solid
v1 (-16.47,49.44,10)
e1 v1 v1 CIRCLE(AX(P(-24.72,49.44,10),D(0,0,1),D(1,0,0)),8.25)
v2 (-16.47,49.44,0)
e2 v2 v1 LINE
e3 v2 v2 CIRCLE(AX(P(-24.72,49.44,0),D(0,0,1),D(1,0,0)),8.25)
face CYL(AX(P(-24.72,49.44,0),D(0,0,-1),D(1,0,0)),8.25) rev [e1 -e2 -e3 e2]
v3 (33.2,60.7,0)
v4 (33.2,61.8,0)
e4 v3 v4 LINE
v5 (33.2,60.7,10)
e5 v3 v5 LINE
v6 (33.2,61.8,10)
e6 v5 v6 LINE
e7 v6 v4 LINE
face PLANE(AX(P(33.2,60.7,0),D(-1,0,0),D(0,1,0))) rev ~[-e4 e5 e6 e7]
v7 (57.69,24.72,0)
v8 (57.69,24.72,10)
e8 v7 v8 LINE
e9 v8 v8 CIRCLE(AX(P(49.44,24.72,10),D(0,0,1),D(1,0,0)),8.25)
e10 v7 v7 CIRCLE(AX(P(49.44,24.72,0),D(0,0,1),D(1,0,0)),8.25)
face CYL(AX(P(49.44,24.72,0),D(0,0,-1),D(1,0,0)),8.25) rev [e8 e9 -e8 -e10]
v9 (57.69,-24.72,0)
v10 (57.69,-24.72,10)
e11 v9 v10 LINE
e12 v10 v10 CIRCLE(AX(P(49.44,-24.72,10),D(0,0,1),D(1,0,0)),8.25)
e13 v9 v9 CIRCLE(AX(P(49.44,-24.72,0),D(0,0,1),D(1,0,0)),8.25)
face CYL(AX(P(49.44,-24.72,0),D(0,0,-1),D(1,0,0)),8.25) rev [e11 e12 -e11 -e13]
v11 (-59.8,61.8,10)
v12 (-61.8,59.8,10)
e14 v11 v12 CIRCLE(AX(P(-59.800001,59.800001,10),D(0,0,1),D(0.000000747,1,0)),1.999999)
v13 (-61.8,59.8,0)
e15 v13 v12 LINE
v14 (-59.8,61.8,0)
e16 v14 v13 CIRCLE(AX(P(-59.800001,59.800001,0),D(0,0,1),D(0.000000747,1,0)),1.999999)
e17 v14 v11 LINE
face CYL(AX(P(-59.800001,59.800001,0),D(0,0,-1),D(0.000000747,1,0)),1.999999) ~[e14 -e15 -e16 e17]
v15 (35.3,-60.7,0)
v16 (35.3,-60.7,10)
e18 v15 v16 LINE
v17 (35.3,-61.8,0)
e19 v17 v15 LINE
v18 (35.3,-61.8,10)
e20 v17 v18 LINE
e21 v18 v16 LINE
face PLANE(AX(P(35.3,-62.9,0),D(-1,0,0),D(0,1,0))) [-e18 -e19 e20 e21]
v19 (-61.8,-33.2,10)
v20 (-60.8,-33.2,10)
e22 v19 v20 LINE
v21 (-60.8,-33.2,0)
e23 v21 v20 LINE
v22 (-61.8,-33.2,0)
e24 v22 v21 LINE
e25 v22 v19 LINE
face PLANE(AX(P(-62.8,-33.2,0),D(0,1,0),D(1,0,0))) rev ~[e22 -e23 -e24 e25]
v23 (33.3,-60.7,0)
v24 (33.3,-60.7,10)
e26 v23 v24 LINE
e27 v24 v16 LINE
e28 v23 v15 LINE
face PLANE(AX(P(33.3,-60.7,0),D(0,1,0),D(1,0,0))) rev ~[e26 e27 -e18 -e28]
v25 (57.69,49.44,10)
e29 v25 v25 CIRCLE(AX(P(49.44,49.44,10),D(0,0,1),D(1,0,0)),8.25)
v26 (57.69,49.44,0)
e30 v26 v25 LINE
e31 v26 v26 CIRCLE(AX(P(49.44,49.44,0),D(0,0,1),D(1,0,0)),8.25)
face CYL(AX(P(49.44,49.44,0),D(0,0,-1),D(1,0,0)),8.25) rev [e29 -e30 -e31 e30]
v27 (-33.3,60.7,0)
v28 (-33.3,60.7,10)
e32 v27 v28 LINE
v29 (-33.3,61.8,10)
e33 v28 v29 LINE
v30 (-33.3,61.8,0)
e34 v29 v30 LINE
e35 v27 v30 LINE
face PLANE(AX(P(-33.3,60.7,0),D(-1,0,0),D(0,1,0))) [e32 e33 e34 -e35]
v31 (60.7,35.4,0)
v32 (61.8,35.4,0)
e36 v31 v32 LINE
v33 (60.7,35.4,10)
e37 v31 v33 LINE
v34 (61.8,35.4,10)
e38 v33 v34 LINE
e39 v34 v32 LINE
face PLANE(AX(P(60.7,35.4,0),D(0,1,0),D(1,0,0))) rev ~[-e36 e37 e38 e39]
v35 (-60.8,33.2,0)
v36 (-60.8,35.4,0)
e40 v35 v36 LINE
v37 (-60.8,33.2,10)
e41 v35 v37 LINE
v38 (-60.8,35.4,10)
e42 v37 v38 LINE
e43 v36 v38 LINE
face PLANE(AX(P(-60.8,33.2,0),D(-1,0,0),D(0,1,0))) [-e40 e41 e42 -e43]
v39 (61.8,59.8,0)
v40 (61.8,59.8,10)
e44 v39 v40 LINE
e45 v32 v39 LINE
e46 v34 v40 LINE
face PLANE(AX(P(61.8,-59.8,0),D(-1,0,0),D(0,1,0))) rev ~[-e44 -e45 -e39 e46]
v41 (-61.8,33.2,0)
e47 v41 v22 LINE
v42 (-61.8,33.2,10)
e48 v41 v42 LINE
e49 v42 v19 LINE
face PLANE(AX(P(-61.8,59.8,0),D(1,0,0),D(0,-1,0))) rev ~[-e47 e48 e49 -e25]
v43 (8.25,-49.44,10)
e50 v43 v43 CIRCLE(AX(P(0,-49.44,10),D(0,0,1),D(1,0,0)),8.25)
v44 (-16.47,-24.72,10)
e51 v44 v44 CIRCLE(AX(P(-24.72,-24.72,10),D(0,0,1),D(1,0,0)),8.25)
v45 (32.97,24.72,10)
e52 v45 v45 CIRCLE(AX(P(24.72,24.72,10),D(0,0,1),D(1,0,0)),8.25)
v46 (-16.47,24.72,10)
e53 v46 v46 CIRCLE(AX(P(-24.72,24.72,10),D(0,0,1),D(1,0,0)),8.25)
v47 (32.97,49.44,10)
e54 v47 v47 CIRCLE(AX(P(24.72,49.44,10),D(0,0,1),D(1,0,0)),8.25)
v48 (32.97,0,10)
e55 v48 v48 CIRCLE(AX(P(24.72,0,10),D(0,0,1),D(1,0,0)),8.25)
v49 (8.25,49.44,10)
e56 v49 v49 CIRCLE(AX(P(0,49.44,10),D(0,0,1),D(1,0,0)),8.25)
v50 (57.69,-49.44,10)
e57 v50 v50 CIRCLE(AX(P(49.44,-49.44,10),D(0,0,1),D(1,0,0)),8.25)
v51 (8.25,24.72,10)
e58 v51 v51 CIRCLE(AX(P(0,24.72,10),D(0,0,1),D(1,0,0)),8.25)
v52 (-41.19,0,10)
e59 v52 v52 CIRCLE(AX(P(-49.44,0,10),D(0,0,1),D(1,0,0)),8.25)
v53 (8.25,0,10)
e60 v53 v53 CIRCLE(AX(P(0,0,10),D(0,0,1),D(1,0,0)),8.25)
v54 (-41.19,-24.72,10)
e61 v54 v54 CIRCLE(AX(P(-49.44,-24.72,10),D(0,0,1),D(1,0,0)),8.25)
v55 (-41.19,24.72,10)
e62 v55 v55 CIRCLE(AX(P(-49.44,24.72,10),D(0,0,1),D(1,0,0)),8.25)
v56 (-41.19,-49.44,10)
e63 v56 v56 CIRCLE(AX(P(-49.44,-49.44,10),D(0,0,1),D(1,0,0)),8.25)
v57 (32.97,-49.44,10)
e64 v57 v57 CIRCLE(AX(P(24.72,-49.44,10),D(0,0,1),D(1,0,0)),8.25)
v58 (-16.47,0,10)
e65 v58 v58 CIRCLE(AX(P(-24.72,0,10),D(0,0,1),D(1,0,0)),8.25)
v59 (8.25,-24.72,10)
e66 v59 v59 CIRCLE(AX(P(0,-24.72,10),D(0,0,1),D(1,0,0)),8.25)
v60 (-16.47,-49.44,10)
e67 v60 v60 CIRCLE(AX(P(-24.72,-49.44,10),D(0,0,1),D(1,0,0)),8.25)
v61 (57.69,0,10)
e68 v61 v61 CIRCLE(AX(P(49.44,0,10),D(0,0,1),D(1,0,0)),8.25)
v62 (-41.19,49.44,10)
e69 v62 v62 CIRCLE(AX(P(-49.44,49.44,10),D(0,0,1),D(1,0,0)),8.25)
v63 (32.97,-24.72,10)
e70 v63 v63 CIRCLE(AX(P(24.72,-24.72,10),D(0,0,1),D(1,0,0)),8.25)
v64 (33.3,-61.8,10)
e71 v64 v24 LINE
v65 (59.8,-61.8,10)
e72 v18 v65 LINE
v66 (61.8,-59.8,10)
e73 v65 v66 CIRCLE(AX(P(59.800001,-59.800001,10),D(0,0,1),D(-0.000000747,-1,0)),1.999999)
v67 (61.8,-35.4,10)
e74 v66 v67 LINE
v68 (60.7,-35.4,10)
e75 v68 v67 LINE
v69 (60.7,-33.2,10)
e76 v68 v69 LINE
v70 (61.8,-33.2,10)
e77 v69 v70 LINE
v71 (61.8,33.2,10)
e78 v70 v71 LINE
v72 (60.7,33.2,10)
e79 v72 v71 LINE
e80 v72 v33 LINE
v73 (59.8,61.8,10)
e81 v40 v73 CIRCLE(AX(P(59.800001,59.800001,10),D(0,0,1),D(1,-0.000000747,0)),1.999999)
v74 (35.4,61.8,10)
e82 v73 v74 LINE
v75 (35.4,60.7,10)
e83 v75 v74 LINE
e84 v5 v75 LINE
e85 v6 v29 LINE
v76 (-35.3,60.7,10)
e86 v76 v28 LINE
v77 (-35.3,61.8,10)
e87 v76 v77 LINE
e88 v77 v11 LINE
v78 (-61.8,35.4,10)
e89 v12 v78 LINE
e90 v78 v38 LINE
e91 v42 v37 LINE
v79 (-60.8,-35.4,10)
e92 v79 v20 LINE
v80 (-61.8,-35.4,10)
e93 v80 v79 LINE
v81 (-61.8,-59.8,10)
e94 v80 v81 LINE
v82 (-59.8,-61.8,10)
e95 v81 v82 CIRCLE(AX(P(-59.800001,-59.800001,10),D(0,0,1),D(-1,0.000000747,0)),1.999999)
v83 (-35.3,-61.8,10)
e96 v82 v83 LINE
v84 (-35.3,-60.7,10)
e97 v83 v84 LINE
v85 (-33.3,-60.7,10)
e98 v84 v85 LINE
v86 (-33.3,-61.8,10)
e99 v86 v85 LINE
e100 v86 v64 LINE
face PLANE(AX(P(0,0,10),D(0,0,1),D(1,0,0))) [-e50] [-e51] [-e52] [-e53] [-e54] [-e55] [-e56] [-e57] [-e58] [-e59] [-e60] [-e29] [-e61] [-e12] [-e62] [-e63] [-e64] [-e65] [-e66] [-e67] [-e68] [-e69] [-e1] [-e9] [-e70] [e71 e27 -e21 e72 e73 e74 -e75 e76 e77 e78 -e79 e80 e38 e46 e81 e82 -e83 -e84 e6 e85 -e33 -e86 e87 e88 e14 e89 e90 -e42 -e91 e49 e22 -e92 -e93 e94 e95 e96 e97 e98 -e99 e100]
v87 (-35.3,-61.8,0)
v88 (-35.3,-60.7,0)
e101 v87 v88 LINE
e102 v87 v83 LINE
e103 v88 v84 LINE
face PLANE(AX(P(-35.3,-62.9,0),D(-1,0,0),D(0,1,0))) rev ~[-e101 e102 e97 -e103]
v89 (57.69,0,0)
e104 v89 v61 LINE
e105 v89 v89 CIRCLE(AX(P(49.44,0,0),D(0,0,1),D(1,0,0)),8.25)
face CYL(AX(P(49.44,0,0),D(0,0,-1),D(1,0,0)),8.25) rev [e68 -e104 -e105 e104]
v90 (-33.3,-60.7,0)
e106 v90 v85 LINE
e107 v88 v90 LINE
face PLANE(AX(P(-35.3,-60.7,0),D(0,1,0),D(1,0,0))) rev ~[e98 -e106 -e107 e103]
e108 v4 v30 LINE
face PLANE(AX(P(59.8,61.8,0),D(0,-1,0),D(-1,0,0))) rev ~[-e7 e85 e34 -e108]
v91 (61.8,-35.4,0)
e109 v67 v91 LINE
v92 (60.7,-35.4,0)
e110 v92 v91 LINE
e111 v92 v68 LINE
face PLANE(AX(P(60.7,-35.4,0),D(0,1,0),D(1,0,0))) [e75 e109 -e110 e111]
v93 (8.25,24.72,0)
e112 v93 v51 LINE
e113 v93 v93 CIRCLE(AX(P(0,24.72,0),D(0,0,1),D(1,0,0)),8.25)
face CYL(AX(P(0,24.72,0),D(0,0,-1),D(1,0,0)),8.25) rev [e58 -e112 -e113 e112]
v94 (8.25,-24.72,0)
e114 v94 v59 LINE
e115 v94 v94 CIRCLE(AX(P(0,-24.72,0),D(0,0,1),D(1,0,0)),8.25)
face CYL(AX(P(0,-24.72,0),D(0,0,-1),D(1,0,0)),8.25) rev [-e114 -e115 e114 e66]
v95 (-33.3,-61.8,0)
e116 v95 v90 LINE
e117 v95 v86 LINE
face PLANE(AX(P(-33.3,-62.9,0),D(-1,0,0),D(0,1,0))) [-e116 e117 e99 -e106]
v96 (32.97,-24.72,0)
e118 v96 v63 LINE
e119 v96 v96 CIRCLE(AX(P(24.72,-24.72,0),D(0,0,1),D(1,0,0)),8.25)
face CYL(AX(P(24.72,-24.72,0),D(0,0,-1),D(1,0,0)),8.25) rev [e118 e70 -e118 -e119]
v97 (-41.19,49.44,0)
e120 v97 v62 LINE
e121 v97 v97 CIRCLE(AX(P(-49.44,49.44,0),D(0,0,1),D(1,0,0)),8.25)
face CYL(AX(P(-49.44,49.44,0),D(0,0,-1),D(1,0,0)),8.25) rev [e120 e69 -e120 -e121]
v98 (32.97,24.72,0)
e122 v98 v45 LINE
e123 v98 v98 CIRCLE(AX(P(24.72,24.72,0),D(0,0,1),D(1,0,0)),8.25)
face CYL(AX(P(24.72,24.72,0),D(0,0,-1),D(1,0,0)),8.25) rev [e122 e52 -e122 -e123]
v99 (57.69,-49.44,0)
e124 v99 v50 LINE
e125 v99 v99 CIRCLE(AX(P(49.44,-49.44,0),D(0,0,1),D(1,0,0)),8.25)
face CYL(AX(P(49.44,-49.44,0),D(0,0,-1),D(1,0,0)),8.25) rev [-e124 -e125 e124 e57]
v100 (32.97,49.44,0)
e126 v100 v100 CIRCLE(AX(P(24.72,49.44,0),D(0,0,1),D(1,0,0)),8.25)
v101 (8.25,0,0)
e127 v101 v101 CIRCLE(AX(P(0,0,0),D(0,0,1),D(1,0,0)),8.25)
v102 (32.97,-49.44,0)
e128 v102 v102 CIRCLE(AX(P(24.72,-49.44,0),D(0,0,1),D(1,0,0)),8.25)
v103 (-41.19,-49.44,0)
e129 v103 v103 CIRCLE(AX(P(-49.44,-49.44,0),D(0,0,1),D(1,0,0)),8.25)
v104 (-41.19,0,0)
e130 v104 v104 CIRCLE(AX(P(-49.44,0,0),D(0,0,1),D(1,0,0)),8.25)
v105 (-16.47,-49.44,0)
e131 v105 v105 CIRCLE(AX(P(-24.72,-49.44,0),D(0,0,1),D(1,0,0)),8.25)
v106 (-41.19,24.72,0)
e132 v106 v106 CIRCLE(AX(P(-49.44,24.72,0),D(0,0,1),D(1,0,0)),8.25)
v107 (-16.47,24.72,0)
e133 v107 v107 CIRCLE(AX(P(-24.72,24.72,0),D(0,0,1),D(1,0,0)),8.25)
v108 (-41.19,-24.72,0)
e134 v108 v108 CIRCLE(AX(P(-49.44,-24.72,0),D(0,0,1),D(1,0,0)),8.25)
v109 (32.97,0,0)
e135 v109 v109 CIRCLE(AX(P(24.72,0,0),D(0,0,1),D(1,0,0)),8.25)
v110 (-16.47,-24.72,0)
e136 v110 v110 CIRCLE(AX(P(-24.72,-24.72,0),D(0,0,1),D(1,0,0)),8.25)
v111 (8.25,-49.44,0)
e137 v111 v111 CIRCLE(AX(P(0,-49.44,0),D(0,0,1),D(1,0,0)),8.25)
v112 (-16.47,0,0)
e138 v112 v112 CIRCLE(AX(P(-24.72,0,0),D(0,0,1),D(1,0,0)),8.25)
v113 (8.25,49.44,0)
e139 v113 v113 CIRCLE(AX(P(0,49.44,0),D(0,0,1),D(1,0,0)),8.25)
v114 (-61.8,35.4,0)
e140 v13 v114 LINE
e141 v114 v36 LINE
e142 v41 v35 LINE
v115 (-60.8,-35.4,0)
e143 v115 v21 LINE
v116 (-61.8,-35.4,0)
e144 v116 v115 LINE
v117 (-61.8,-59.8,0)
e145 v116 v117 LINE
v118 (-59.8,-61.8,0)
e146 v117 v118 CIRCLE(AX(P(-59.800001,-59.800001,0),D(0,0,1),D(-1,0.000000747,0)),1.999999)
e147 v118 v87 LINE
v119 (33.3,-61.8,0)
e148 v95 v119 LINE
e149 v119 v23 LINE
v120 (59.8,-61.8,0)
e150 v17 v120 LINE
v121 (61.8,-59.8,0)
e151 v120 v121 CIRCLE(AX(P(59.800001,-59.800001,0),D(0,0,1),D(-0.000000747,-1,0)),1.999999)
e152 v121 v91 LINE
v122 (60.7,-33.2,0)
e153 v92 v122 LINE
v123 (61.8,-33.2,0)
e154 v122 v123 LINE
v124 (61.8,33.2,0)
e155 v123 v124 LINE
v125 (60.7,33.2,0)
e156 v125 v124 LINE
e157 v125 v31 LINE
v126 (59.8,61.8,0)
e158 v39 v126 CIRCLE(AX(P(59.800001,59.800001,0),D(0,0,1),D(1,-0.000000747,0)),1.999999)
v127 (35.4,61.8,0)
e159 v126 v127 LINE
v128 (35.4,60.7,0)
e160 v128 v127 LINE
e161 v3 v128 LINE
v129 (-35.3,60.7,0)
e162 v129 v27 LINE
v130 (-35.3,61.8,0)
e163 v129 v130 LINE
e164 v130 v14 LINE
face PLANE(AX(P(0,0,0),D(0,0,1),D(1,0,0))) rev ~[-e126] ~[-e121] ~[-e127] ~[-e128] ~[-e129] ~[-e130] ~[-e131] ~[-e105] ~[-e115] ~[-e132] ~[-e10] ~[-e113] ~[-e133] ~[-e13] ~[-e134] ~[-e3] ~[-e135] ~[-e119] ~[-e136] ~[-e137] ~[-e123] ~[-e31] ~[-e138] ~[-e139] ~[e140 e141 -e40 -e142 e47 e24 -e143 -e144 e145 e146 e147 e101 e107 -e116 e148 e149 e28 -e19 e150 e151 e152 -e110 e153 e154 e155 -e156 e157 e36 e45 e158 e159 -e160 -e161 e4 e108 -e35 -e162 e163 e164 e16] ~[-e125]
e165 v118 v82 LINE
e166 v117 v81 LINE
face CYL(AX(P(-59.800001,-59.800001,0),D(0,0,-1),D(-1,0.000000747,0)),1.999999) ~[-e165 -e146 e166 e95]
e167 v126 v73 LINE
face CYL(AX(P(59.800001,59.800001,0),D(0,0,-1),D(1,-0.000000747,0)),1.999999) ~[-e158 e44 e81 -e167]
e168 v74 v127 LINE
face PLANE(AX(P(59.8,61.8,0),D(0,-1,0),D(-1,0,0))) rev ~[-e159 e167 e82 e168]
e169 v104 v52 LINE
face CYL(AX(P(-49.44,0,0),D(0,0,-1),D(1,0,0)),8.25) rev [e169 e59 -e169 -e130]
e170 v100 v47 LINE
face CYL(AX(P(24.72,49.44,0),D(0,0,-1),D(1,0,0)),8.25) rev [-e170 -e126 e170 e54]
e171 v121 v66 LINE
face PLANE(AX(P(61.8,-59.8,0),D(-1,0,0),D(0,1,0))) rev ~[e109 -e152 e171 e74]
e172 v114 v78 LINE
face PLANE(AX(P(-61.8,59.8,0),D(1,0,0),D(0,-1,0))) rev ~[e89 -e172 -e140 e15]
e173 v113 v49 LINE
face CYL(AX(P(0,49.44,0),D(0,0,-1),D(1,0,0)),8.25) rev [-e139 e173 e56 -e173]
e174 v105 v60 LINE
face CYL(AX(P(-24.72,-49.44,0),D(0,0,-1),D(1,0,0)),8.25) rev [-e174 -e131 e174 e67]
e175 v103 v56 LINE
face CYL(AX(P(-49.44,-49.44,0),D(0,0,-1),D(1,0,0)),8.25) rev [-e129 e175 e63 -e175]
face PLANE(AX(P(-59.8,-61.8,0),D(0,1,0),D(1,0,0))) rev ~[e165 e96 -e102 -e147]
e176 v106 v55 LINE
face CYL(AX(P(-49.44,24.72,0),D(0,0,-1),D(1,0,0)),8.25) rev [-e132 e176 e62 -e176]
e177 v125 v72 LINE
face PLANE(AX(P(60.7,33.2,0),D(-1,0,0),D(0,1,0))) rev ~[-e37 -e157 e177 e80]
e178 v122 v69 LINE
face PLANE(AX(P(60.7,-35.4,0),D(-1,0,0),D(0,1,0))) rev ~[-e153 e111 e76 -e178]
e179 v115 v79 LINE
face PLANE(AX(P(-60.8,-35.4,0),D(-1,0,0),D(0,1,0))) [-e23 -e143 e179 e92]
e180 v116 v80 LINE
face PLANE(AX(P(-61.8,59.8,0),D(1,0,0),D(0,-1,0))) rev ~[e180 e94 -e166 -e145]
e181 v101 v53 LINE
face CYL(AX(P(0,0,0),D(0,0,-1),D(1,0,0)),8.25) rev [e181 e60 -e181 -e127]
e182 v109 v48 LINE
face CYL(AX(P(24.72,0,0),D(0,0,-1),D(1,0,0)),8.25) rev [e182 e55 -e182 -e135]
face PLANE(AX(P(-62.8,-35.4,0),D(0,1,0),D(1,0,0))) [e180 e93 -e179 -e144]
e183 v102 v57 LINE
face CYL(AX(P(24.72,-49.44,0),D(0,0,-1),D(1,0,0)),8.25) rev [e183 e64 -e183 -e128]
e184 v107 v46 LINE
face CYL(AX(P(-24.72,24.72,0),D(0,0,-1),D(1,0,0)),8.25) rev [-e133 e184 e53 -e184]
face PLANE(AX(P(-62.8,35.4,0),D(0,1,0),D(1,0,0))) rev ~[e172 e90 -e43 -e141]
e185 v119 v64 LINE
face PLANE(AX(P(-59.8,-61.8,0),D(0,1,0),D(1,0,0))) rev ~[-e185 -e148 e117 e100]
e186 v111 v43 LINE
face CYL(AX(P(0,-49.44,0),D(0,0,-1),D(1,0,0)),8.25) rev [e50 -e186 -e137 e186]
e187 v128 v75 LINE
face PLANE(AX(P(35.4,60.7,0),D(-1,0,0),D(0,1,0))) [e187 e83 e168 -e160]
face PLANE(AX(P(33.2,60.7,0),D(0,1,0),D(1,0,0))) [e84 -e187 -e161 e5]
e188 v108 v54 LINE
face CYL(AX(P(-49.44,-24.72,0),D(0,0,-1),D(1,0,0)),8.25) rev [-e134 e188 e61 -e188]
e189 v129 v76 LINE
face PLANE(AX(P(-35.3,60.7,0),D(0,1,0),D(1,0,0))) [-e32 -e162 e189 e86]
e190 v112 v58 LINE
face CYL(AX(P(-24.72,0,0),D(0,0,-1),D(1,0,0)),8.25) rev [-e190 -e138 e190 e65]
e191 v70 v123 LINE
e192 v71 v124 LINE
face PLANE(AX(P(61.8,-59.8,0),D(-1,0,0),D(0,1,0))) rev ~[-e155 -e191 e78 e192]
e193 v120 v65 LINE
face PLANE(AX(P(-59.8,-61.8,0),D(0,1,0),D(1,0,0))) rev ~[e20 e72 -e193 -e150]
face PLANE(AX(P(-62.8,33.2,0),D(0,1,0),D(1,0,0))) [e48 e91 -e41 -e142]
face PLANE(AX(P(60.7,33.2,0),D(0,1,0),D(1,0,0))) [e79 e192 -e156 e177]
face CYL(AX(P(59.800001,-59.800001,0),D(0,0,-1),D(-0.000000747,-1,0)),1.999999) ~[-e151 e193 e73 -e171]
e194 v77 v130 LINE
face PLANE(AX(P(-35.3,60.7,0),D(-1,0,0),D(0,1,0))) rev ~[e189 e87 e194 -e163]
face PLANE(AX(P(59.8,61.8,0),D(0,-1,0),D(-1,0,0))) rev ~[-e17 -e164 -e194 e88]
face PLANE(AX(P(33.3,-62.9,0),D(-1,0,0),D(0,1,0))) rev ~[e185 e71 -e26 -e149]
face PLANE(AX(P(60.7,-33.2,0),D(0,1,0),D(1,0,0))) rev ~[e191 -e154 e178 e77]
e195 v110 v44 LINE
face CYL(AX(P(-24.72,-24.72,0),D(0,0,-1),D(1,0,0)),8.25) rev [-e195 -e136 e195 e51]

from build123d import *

# Parameters (mm, degrees)
F0_R     = 8.25
F2_DEPTH = 10
F1_W     = 2
F1_H     = 2.2
F1_W_2   = 2.2
F3_DEPTH = 10


with BuildPart() as f2:
    # F0 (on Top) → F2 (new body)
    with BuildSketch(Plane.XY):
        with BuildLine():
            ThreePointArc((61.8, 59.8), (61.214214, 61.214214), (59.8, 61.8))
            Line((59.8, 61.8), (-59.8, 61.8))
            ThreePointArc((-59.8, 61.8), (-61.214214, 61.214214), (-61.8, 59.8))
            Line((-61.8, 59.8), (-61.8, -59.8))
            ThreePointArc((-61.8, -59.8), (-61.214214, -61.214214), (-59.8, -61.8))
            Line((-59.8, -61.8), (59.8, -61.8))
            ThreePointArc((59.8, -61.8), (61.214214, -61.214214), (61.8, -59.8))
            Line((61.8, -59.8), (61.8, 59.8))
        make_face()
        with Locations((-49.44, -49.44)):
            Circle(F0_R, mode=Mode.SUBTRACT)
        with Locations((-24.72, -49.44)):
            Circle(F0_R, mode=Mode.SUBTRACT)
        with Locations((-49.44, -24.72)):
            Circle(F0_R, mode=Mode.SUBTRACT)
        with Locations((-24.72, -24.72)):
            Circle(F0_R, mode=Mode.SUBTRACT)
        with Locations((0, -49.44)):
            Circle(F0_R, mode=Mode.SUBTRACT)
        with Locations((24.72, -49.44)):
            Circle(F0_R, mode=Mode.SUBTRACT)
        with Locations((49.44, -49.44)):
            Circle(F0_R, mode=Mode.SUBTRACT)
        with Locations((0, -24.72)):
            Circle(F0_R, mode=Mode.SUBTRACT)
        with Locations((24.72, -24.72)):
            Circle(F0_R, mode=Mode.SUBTRACT)
        with Locations((49.44, -24.72)):
            Circle(F0_R, mode=Mode.SUBTRACT)
        with Locations((-49.44, 0)):
            Circle(F0_R, mode=Mode.SUBTRACT)
        with Locations((-49.44, 24.72)):
            Circle(F0_R, mode=Mode.SUBTRACT)
        with Locations((-24.72, 0)):
            Circle(F0_R, mode=Mode.SUBTRACT)
        with Locations((-24.72, 24.72)):
            Circle(F0_R, mode=Mode.SUBTRACT)
        with Locations((-49.44, 49.44)):
            Circle(F0_R, mode=Mode.SUBTRACT)
        with Locations((-24.72, 49.44)):
            Circle(F0_R, mode=Mode.SUBTRACT)
        Circle(F0_R, mode=Mode.SUBTRACT)
        with Locations((24.72, 0)):
            Circle(F0_R, mode=Mode.SUBTRACT)
        with Locations((0, 24.72)):
            Circle(F0_R, mode=Mode.SUBTRACT)
        with Locations((24.72, 24.72)):
            Circle(F0_R, mode=Mode.SUBTRACT)
        with Locations((49.44, 0)):
            Circle(F0_R, mode=Mode.SUBTRACT)
        with Locations((49.44, 24.72)):
            Circle(F0_R, mode=Mode.SUBTRACT)
        with Locations((0, 49.44)):
            Circle(F0_R, mode=Mode.SUBTRACT)
        with Locations((24.72, 49.44)):
            Circle(F0_R, mode=Mode.SUBTRACT)
        with Locations((49.44, 49.44)):
            Circle(F0_R, mode=Mode.SUBTRACT)
    extrude(amount=F2_DEPTH)

    # F1 (on Top) → F3 (cut)
    with BuildSketch(Plane.XY):
        with Locations((-34.3, 61.8)):
            Rectangle(F1_W, F1_H)
        with Locations((34.3, 61.8)):
            Rectangle(F1_W_2, F1_H)
        with Locations((61.8, 34.3)):
            Rectangle(F1_W_2, F1_H)
        with Locations((61.8, -34.3)):
            Rectangle(F1_W_2, F1_H)
        with Locations((34.3, -61.8)):
            Rectangle(F1_W, F1_H)
        with Locations((-34.3, -61.8)):
            Rectangle(F1_W, F1_H)
        with Locations((-61.8, -34.3)):
            Rectangle(F1_W, F1_H)
        with Locations((-61.8, 34.3)):
            Rectangle(F1_W, F1_H)
    extrude(amount=F3_DEPTH, mode=Mode.SUBTRACT)


solid = f2.part
